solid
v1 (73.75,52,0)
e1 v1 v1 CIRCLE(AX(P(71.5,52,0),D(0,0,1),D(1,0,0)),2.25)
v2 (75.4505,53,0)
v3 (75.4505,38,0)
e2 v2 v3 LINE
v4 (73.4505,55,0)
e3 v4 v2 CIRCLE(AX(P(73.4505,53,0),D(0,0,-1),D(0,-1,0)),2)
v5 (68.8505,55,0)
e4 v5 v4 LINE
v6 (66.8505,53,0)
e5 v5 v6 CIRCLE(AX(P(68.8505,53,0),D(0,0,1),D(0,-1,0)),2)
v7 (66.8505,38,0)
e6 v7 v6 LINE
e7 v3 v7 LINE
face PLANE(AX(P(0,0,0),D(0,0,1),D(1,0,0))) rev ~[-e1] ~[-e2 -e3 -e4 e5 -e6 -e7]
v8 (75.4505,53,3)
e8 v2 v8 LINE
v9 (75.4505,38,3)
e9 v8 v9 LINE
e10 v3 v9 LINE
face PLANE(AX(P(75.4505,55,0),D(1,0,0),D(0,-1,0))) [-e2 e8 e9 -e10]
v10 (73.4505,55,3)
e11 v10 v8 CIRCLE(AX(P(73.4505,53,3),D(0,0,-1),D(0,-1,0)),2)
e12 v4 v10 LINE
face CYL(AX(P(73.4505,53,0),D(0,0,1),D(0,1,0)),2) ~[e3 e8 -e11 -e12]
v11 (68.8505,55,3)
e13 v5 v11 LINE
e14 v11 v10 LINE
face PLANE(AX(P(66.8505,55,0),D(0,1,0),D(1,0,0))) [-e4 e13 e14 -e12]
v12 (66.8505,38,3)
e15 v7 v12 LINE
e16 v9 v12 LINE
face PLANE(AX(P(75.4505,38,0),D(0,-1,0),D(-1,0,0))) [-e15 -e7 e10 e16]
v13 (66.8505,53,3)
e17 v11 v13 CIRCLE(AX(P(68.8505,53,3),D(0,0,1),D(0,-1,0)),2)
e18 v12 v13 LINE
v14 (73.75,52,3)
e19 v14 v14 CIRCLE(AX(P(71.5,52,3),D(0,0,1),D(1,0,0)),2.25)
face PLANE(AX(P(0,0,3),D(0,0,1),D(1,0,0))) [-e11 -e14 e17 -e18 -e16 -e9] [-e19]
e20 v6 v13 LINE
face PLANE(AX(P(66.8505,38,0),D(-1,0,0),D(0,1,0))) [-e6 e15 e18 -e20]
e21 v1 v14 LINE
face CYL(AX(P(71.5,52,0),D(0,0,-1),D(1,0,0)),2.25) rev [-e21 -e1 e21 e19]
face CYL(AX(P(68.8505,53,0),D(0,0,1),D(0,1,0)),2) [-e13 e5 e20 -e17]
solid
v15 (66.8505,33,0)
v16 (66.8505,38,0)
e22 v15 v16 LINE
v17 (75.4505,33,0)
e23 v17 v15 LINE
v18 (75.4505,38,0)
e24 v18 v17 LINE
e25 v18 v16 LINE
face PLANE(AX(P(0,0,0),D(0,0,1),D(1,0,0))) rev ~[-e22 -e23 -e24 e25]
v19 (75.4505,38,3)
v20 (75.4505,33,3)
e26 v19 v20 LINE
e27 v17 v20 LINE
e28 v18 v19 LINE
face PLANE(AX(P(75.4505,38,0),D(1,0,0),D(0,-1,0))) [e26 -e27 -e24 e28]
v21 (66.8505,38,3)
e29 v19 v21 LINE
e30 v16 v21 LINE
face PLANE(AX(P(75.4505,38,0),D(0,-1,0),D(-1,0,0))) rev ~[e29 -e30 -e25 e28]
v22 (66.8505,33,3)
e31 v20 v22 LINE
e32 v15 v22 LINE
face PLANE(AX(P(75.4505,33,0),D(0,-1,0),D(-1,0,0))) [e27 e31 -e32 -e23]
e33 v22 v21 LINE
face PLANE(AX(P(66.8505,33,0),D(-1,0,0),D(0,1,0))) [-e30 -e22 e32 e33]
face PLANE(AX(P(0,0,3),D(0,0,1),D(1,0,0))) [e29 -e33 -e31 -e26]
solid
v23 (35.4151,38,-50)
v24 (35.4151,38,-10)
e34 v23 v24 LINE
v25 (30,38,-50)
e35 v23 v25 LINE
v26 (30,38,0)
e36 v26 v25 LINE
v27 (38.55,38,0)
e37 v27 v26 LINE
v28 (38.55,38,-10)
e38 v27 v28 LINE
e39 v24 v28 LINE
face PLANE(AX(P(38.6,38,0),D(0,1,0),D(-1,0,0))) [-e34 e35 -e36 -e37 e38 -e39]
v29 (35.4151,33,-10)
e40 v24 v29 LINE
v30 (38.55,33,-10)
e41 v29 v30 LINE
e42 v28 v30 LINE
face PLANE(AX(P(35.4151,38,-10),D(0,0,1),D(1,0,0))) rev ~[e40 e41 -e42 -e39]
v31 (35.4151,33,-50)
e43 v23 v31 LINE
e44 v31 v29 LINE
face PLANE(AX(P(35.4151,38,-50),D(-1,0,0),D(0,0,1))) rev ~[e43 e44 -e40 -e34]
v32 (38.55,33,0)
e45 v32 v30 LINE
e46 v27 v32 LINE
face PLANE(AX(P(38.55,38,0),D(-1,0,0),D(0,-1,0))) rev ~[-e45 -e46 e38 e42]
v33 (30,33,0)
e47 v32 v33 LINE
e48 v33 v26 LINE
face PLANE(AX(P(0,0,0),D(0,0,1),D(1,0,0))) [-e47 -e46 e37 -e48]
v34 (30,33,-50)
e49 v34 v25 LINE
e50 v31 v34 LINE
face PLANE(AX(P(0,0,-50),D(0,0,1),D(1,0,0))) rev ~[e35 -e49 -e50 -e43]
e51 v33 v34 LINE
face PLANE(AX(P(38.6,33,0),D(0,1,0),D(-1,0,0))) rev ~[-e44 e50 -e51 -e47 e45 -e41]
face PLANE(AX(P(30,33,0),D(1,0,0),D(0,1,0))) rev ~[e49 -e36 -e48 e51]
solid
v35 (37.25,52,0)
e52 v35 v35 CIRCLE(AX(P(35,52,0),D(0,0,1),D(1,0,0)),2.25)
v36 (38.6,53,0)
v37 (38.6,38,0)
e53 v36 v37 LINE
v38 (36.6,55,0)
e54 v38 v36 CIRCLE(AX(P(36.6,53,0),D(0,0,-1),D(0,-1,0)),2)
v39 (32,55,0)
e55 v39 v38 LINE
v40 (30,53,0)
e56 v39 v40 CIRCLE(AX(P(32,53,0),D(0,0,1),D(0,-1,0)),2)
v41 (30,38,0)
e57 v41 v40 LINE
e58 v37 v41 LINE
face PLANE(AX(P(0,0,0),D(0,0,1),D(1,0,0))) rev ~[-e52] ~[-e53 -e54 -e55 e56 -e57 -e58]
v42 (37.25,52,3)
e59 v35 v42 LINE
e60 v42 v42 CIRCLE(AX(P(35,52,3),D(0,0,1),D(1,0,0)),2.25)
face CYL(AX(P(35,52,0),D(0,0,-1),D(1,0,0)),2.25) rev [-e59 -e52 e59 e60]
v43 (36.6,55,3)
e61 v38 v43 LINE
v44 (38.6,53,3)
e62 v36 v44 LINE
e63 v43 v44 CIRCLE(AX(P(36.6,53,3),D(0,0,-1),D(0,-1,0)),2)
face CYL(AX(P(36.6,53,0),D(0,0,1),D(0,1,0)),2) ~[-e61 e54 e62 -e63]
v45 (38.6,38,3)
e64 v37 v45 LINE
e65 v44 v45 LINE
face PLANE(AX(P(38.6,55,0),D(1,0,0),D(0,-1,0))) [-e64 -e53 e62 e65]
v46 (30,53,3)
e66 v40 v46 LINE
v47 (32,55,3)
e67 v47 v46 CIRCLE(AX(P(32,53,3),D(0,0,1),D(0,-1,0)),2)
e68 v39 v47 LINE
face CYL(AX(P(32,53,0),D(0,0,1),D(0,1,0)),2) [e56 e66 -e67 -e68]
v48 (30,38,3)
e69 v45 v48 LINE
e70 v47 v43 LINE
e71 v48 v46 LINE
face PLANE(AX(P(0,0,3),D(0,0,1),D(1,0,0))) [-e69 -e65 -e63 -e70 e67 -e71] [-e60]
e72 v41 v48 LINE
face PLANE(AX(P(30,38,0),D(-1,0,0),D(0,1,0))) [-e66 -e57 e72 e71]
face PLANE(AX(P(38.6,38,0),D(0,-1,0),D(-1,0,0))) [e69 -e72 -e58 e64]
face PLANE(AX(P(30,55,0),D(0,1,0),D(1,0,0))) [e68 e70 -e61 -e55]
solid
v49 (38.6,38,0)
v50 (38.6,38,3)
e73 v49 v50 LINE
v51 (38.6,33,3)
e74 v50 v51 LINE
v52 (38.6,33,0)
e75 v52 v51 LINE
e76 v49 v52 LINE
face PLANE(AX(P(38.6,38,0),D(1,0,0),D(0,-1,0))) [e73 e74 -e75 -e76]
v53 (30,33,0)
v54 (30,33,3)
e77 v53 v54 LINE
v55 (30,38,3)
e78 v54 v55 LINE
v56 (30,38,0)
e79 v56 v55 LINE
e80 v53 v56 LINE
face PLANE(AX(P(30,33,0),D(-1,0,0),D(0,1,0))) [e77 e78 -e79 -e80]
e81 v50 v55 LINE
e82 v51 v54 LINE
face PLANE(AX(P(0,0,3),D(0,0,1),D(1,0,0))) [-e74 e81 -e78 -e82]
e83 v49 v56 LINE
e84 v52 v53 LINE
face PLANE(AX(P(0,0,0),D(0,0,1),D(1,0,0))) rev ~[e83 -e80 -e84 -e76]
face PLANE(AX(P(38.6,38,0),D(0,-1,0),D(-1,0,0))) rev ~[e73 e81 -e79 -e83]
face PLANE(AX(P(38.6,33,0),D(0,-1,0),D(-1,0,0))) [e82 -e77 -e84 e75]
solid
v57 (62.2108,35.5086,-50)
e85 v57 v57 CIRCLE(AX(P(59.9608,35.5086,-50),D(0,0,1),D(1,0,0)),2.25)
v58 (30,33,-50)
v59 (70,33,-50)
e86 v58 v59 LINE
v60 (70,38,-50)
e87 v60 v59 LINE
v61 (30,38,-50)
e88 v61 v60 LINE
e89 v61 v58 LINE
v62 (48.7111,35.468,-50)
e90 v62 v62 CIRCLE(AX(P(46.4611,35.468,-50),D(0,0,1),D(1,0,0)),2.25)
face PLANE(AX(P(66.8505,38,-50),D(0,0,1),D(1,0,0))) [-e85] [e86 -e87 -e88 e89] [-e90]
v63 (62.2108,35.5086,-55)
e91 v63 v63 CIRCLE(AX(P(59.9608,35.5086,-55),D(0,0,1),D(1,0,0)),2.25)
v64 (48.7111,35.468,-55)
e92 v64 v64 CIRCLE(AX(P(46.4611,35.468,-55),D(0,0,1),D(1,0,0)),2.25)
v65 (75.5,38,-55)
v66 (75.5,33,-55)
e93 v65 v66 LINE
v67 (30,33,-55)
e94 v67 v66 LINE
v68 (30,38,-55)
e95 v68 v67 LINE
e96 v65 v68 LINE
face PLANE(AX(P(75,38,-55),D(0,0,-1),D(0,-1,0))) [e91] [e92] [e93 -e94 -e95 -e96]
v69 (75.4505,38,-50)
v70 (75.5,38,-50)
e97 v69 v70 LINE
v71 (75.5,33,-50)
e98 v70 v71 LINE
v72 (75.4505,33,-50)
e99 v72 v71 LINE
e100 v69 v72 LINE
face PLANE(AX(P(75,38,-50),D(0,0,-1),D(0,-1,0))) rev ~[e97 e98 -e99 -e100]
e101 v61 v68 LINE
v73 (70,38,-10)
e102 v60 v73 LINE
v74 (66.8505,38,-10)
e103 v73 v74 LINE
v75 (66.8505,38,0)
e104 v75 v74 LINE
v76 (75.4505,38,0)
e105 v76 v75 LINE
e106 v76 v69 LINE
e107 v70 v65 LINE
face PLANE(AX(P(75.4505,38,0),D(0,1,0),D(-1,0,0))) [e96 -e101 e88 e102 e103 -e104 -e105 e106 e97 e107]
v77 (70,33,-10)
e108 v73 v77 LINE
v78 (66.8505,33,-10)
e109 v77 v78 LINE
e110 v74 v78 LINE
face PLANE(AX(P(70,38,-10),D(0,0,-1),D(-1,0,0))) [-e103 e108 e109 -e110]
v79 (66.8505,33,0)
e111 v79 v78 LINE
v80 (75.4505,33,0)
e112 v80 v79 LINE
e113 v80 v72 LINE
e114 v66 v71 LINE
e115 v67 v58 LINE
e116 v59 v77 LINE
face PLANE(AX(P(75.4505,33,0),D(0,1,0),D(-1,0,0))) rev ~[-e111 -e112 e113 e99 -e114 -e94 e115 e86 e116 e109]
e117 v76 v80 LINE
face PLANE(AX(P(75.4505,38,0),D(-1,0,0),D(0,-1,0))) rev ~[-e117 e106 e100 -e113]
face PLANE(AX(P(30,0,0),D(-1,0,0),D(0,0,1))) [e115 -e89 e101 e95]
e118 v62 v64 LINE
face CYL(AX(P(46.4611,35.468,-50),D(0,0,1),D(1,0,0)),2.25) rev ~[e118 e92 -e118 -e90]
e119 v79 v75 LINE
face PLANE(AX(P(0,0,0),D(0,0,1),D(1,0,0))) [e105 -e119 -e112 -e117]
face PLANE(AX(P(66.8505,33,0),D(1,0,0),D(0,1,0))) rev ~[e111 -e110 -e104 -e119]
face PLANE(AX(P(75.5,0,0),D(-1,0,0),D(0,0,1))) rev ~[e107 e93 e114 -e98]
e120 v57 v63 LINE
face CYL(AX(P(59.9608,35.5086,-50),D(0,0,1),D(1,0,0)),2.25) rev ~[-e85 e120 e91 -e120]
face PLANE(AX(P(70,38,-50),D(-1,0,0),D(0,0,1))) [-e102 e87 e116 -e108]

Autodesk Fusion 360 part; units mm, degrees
sketch "Sketch1" plane through (0, 0, 0) normal (0, 0, 1) x (1, 0, 0)
  circle A0 centre (35, 52) radius 2.25
  circle A1 centre (71.5, 52) radius 2.25
  line L0 (30, 55) -> (38.6, 55)
  line L1 (38.6, 55) -> (38.6, 33)
  line L2 (38.6, 33) -> (30, 33)
  line L3 (30, 33) -> (30, 55)
  line L4 (66.8505, 55) -> (75.4505, 55)
  line L5 (75.4505, 55) -> (75.4505, 33)
  line L6 (75.4505, 33) -> (66.8505, 33)
  line L7 (66.8505, 33) -> (66.8505, 55)
  line L8 (30, 33) -> (38.6, 33)
  line L9 (38.6, 33) -> (38.6, 38)
  line L10 (38.6, 38) -> (30, 38)
  line L11 (30, 38) -> (30, 33)
  line L12 (66.8505, 33) -> (75.4505, 33)
  line L13 (75.4505, 33) -> (75.4505, 38)
  line L14 (75.4505, 38) -> (66.8505, 38)
  line L15 (66.8505, 38) -> (66.8505, 33)
  dimension "d1" = 4.5
  dimension "d2" = 4.5
  dimension "d3" = 36.5
  dimension "d4" = 22
  dimension "d5" = 3
  dimension "d7" = 22
  dimension "d8" = 8.6
  dimension "d9" = 3
  dimension "d10" = 5
  dimension "d11" = 5
extrude "Extrude1" add sketch "Sketch1" along normal blind 3 contours L0 L1 L3 L10 | L4 L5 L7 L14 makes body 1 at (71.2109, 41.9188, 0) makes body 2 at (34.4773, 41.9188, 0)
extrude "Extrude2" add sketch "Sketch1" against normal blind 50 separate body contours L1 L2 L3 L8 L9 L10 L11 | L5 L6 L7 L12 L13 L14 L15 makes body 3 at (35.7333, 38, -33.3333) makes body 4 at (72.5838, 38, -16.6667)
extrude "Extrude3" add sketch "Sketch1" along normal blind 3 separate body contours L1 L2 L3 L8 L9 L10 L11 | L5 L6 L7 L12 L13 L14 L15 makes body 5 at (32.8667, 36.3333, 0) makes body 6 at (69.7172, 36.3333, 0)
sketch "Sketch2" plane through (30, 0, 0) normal (-1, 0, 0) x (0, 0, 1)
  line L0 (0, 33) -> (0, 38)
  line L1 (0, 38) -> (-50, 38)
  line L2 (-50, 38) -> (-50, 33)
  line L3 (-50, 33) -> (0, 33)
  line L4 (-50, 38) -> (-55, 38)
  line L5 (-55, 38) -> (-55, 33)
  line L6 (-55, 33) -> (-50, 33)
  line L7 (-50, 33) -> (-50, 38)
  dimension "d18" = 5
extrude "Extrude4" add sketch "Sketch2" against normal blind 45 separate body contours L2 L4 L5 L6 L7 makes body 7
sketch "Sketch3" plane through (0, 0, -50) normal (0, 0, 1) x (1, 0, 0)
  line L0 (30, 38) -> (30, 33)
  line L1 (30, 33) -> (75, 33)
  line L2 (75, 33) -> (75, 38)
  line L3 (75, 38) -> (30, 38)
  circle A0 centre (46.4611, 35.468) radius 2.25
  circle A1 centre (59.9608, 35.5086) radius 2.25
  dimension "d21" = 4.5
  dimension "d22" = 4.5
extrude "Extrude5" cut sketch "Sketch3" against normal blind 5 contours A0 | A1 bodies 7
fillet "Fillet1" radius 2 4 edges at (75.4505, 55, 1.5) (66.8505, 55, 1.5) (38.6, 55, 1.5) (30, 55, 1.5) on bodies 1 2
extrude "Extrude6" add 1 faces at (75, 34.6667, -51.6667) along direction (1, 0, 0) blind 0.5 on bodies 7 bodies 7 6 4
sketch "Sketch4" plane through (0, 38, 0) normal (0, 1, 0) x (-1, 0, 0)
  line L0 (-30, -55) -> (-30, -50)
  line L1 (-30, -50) -> (-66.8505, -50)
  line L2 (-66.8505, -50) -> (-66.8505, 0)
  line L3 (-66.8505, 0) -> (-75.4505, 0)
  line L4 (-75.4505, 0) -> (-75.4505, -50)
  line L5 (-75.4505, -50) -> (-75.5, -50)
  line L6 (-75.5, -50) -> (-75.5, -55)
  line L7 (-75.5, -55) -> (-30, -55)
  line L8 (-66.8505, -50) -> (-70, -50)
  line L9 (-70, -50) -> (-70, -10)
  line L10 (-70, -10) -> (-66.8505, -10)
  line L11 (-66.8505, -10) -> (-66.8505, -50)
  line L12 (-38.5651, -50) -> (-35.4151, -50)
  line L13 (-35.4151, -50) -> (-35.4151, -10)
  line L14 (-35.4151, -10) -> (-38.5651, -10)
  line L15 (-38.5651, -10) -> (-38.5651, -50)
  dimension "d28" = 3.15
  dimension "d29" = 40
extrude "Extrude7" cut sketch "Sketch4" against normal blind 10 contours L1 L12 L13 L14 L15 | L2 L8 L9 L10 L11 bodies 3 7
extrude "Extrude8" cut 1 faces at (38.6, 36.3333, -16.6667) along direction (-1, 0, 0) blind 0.05 on bodies 3 bodies 3
